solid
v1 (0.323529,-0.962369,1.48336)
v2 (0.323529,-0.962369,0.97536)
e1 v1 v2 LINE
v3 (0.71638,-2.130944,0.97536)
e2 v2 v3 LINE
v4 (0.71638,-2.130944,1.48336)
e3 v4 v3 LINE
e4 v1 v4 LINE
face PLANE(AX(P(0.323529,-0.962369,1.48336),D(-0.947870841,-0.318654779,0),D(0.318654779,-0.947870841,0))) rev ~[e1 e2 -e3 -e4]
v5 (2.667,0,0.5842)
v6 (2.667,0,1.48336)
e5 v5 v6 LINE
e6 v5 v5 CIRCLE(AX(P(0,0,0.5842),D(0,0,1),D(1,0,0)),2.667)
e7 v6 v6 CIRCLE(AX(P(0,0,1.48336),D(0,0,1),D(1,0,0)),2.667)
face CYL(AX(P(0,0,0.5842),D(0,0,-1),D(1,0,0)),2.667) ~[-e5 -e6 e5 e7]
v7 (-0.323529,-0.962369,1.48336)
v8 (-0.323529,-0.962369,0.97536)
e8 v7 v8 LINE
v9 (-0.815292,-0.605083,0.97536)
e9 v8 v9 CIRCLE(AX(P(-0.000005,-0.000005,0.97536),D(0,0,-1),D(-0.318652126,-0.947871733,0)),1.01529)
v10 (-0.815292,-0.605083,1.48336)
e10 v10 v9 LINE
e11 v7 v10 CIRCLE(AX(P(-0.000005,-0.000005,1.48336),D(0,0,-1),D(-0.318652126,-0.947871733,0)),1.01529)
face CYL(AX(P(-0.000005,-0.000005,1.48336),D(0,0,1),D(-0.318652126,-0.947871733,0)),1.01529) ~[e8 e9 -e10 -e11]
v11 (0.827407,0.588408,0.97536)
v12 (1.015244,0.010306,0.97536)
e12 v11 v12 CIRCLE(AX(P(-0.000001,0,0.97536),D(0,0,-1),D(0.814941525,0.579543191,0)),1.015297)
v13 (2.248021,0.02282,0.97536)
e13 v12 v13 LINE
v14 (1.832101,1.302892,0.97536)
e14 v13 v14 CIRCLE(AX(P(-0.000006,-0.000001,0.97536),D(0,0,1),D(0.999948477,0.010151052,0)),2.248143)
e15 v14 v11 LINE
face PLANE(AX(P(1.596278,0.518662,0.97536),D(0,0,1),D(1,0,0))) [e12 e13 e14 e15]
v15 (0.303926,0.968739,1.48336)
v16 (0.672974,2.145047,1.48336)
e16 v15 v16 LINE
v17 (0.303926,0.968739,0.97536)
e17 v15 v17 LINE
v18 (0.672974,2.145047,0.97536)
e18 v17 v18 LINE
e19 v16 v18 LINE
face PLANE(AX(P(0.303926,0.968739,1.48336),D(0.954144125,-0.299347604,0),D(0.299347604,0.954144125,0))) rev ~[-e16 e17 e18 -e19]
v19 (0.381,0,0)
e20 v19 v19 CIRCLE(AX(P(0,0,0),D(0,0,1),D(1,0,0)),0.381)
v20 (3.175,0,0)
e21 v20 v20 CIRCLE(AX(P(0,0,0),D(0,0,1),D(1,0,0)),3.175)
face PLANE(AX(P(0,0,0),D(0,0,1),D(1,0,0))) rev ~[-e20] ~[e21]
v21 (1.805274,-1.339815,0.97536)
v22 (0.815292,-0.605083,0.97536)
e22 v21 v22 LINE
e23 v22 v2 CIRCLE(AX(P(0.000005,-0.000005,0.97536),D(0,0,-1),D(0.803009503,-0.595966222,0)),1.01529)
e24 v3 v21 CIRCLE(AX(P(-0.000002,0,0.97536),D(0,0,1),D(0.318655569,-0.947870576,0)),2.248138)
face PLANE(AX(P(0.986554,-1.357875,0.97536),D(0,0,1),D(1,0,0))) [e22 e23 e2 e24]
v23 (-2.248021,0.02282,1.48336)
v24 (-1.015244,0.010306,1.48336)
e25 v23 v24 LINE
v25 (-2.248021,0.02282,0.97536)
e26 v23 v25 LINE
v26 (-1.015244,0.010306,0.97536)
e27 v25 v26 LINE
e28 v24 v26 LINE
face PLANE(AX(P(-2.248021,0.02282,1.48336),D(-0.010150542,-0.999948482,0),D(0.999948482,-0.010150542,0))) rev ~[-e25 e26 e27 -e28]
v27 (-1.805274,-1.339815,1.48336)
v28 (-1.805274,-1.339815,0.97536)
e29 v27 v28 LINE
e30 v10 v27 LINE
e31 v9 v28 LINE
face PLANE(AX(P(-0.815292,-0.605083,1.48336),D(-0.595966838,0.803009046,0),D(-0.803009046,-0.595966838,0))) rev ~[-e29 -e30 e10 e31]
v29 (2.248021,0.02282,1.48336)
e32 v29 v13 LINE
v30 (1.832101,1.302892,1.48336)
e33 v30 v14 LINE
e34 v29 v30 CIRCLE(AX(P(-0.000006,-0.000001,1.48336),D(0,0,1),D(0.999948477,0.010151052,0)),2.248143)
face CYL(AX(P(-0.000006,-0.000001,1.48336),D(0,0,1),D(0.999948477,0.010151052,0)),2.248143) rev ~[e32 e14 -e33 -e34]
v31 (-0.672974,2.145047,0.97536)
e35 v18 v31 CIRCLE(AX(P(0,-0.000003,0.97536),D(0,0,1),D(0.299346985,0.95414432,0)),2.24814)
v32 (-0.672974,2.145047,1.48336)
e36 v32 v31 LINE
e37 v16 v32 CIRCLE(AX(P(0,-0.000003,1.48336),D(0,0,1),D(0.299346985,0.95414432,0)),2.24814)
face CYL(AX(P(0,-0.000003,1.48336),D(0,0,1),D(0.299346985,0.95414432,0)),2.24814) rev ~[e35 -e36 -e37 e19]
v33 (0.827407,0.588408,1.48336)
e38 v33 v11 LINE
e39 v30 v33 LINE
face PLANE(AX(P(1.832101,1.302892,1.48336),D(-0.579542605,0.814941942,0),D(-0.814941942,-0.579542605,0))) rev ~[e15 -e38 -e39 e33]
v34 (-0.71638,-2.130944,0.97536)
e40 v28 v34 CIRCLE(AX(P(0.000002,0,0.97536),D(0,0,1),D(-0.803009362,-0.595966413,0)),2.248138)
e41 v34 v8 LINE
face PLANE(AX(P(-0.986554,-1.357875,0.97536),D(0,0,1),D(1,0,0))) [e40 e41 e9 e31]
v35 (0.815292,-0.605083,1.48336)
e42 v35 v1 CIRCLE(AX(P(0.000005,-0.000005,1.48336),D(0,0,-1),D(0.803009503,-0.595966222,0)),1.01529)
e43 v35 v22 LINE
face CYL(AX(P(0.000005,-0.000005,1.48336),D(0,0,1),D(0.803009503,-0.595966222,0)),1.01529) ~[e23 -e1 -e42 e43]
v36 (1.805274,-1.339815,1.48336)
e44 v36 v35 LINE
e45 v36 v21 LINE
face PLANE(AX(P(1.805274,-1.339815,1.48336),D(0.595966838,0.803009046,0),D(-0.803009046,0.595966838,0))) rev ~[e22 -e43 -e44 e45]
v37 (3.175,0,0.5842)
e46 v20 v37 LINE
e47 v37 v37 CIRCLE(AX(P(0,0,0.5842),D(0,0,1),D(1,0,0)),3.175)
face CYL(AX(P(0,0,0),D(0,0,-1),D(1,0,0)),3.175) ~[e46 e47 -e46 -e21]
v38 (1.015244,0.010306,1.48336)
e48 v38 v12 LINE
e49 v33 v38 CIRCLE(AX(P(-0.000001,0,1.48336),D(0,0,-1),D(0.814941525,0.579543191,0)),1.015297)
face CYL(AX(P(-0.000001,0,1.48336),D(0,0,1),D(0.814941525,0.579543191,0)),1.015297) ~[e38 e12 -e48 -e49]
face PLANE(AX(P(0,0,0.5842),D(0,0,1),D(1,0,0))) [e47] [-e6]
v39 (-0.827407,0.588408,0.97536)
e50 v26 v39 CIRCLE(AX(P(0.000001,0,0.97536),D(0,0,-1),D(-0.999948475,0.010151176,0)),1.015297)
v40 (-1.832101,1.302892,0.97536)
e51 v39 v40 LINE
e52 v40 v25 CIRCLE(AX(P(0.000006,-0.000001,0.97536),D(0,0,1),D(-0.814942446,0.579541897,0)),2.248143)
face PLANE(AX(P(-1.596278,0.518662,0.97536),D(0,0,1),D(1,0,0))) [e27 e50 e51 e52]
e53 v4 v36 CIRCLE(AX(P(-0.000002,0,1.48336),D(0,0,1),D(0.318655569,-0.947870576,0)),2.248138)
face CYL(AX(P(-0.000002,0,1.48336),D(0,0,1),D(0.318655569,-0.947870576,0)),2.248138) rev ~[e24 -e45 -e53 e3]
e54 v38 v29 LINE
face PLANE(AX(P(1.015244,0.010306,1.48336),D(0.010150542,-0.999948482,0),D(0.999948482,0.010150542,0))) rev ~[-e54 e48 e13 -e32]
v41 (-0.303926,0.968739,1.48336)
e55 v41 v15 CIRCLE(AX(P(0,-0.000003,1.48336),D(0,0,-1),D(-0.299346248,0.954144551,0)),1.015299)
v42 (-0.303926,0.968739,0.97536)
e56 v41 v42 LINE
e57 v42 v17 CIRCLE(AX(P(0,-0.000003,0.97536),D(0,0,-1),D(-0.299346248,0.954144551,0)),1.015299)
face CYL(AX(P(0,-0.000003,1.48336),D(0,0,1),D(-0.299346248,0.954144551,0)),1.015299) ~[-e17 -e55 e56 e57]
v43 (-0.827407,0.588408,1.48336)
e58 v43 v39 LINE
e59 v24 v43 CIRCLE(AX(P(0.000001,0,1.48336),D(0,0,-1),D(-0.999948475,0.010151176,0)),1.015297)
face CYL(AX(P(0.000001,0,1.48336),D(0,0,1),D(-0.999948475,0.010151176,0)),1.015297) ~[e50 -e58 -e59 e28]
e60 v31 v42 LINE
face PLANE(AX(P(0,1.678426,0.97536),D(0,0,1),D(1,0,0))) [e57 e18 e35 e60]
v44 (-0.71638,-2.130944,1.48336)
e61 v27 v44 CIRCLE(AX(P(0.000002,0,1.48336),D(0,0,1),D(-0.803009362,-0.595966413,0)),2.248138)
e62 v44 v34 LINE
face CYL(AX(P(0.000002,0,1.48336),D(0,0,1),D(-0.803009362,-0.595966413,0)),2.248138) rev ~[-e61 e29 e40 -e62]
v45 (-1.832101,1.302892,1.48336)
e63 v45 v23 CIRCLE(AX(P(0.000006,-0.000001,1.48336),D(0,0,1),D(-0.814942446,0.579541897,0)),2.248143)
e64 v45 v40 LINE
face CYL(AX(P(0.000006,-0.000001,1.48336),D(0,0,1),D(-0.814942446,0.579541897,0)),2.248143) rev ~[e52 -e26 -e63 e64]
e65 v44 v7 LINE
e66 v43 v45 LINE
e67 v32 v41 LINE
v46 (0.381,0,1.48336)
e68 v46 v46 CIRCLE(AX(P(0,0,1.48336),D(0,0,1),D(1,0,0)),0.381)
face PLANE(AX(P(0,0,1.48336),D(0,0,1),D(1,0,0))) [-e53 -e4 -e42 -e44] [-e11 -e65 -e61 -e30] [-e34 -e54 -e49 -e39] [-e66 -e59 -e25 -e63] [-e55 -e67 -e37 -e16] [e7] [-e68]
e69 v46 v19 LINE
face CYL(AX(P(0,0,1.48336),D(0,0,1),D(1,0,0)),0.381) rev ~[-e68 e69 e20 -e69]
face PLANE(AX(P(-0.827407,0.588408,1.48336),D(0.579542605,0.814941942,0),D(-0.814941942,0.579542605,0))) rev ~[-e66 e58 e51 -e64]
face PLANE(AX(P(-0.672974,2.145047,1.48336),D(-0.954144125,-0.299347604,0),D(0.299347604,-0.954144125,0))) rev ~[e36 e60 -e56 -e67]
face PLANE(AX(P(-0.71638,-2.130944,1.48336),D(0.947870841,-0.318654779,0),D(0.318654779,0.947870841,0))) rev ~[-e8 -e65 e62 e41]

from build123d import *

# Parameters (mm, degrees)
F0_R     = 3.175
F1_DEPTH = 0.5842
F2_R     = 2.667
F3_DEPTH = 0.89916
F4_R     = 0.381
F5_DEPTH = 25.4
F7_DEPTH = 0.508


with BuildPart() as f1:
    # F0 (on Top) → F1 (new body)
    with BuildSketch(Plane.XY):
        Circle(F0_R)
    extrude(amount=F1_DEPTH)

    # F2 (on face) → F3 (join)
    with BuildSketch(Plane.XY.offset(0.5842)):
        Circle(F2_R)
    extrude(amount=F3_DEPTH)

    # F4 (on face) → F5 (cut)
    with BuildSketch(Plane.XY.offset(1.48336)):
        Circle(F4_R)
    extrude(amount=-F5_DEPTH, mode=Mode.SUBTRACT)

    # F6 (on face) → F7 (cut)
    with BuildSketch(Plane.XY.offset(1.48336)):
        with BuildLine():
            ThreePointArc((-0.303926, 0.968739), (0, 1.015296), (0.303926, 0.968739))
            Line((0.303926, 0.968739), (0.672974, 2.145047))
            ThreePointArc((0.672974, 2.145047), (0, 2.248137), (-0.672974, 2.145047))
            Line((-0.672974, 2.145047), (-0.303926, 0.968739))
        make_face()
        with BuildLine():
            Line((-0.827407, 0.588408), (-1.832101, 1.302892))
            ThreePointArc((-1.832101, 1.302892), (-2.138105, 0.694713), (-2.248021, 0.02282))
            Line((-2.248021, 0.02282), (-1.015244, 0.010306))
            ThreePointArc((-1.015244, 0.010306), (-0.965604, 0.313744), (-0.827407, 0.588408))
        make_face()
        with BuildLine():
            Line((-0.815292, -0.605083), (-1.805274, -1.339815))
            ThreePointArc((-1.805274, -1.339815), (-1.321422, -1.818781), (-0.71638, -2.130944))
            Line((-0.71638, -2.130944), (-0.323529, -0.962369))
            ThreePointArc((-0.323529, -0.962369), (-0.596776, -0.821392), (-0.815292, -0.605083))
        make_face()
        with BuildLine():
            Line((0.323529, -0.962369), (0.71638, -2.130944))
            ThreePointArc((0.71638, -2.130944), (1.321422, -1.818781), (1.805274, -1.339815))
            Line((1.805274, -1.339815), (0.815292, -0.605083))
            ThreePointArc((0.815292, -0.605083), (0.596776, -0.821392), (0.323529, -0.962369))
        make_face()
        with BuildLine():
            Line((1.015244, 0.010306), (2.248021, 0.02282))
            ThreePointArc((2.248021, 0.02282), (2.138105, 0.694713), (1.832101, 1.302892))
            Line((1.832101, 1.302892), (0.827407, 0.588408))
            ThreePointArc((0.827407, 0.588408), (0.965604, 0.313744), (1.015244, 0.010306))
        make_face()
    extrude(amount=-F7_DEPTH, mode=Mode.SUBTRACT)


solid = f1.part
